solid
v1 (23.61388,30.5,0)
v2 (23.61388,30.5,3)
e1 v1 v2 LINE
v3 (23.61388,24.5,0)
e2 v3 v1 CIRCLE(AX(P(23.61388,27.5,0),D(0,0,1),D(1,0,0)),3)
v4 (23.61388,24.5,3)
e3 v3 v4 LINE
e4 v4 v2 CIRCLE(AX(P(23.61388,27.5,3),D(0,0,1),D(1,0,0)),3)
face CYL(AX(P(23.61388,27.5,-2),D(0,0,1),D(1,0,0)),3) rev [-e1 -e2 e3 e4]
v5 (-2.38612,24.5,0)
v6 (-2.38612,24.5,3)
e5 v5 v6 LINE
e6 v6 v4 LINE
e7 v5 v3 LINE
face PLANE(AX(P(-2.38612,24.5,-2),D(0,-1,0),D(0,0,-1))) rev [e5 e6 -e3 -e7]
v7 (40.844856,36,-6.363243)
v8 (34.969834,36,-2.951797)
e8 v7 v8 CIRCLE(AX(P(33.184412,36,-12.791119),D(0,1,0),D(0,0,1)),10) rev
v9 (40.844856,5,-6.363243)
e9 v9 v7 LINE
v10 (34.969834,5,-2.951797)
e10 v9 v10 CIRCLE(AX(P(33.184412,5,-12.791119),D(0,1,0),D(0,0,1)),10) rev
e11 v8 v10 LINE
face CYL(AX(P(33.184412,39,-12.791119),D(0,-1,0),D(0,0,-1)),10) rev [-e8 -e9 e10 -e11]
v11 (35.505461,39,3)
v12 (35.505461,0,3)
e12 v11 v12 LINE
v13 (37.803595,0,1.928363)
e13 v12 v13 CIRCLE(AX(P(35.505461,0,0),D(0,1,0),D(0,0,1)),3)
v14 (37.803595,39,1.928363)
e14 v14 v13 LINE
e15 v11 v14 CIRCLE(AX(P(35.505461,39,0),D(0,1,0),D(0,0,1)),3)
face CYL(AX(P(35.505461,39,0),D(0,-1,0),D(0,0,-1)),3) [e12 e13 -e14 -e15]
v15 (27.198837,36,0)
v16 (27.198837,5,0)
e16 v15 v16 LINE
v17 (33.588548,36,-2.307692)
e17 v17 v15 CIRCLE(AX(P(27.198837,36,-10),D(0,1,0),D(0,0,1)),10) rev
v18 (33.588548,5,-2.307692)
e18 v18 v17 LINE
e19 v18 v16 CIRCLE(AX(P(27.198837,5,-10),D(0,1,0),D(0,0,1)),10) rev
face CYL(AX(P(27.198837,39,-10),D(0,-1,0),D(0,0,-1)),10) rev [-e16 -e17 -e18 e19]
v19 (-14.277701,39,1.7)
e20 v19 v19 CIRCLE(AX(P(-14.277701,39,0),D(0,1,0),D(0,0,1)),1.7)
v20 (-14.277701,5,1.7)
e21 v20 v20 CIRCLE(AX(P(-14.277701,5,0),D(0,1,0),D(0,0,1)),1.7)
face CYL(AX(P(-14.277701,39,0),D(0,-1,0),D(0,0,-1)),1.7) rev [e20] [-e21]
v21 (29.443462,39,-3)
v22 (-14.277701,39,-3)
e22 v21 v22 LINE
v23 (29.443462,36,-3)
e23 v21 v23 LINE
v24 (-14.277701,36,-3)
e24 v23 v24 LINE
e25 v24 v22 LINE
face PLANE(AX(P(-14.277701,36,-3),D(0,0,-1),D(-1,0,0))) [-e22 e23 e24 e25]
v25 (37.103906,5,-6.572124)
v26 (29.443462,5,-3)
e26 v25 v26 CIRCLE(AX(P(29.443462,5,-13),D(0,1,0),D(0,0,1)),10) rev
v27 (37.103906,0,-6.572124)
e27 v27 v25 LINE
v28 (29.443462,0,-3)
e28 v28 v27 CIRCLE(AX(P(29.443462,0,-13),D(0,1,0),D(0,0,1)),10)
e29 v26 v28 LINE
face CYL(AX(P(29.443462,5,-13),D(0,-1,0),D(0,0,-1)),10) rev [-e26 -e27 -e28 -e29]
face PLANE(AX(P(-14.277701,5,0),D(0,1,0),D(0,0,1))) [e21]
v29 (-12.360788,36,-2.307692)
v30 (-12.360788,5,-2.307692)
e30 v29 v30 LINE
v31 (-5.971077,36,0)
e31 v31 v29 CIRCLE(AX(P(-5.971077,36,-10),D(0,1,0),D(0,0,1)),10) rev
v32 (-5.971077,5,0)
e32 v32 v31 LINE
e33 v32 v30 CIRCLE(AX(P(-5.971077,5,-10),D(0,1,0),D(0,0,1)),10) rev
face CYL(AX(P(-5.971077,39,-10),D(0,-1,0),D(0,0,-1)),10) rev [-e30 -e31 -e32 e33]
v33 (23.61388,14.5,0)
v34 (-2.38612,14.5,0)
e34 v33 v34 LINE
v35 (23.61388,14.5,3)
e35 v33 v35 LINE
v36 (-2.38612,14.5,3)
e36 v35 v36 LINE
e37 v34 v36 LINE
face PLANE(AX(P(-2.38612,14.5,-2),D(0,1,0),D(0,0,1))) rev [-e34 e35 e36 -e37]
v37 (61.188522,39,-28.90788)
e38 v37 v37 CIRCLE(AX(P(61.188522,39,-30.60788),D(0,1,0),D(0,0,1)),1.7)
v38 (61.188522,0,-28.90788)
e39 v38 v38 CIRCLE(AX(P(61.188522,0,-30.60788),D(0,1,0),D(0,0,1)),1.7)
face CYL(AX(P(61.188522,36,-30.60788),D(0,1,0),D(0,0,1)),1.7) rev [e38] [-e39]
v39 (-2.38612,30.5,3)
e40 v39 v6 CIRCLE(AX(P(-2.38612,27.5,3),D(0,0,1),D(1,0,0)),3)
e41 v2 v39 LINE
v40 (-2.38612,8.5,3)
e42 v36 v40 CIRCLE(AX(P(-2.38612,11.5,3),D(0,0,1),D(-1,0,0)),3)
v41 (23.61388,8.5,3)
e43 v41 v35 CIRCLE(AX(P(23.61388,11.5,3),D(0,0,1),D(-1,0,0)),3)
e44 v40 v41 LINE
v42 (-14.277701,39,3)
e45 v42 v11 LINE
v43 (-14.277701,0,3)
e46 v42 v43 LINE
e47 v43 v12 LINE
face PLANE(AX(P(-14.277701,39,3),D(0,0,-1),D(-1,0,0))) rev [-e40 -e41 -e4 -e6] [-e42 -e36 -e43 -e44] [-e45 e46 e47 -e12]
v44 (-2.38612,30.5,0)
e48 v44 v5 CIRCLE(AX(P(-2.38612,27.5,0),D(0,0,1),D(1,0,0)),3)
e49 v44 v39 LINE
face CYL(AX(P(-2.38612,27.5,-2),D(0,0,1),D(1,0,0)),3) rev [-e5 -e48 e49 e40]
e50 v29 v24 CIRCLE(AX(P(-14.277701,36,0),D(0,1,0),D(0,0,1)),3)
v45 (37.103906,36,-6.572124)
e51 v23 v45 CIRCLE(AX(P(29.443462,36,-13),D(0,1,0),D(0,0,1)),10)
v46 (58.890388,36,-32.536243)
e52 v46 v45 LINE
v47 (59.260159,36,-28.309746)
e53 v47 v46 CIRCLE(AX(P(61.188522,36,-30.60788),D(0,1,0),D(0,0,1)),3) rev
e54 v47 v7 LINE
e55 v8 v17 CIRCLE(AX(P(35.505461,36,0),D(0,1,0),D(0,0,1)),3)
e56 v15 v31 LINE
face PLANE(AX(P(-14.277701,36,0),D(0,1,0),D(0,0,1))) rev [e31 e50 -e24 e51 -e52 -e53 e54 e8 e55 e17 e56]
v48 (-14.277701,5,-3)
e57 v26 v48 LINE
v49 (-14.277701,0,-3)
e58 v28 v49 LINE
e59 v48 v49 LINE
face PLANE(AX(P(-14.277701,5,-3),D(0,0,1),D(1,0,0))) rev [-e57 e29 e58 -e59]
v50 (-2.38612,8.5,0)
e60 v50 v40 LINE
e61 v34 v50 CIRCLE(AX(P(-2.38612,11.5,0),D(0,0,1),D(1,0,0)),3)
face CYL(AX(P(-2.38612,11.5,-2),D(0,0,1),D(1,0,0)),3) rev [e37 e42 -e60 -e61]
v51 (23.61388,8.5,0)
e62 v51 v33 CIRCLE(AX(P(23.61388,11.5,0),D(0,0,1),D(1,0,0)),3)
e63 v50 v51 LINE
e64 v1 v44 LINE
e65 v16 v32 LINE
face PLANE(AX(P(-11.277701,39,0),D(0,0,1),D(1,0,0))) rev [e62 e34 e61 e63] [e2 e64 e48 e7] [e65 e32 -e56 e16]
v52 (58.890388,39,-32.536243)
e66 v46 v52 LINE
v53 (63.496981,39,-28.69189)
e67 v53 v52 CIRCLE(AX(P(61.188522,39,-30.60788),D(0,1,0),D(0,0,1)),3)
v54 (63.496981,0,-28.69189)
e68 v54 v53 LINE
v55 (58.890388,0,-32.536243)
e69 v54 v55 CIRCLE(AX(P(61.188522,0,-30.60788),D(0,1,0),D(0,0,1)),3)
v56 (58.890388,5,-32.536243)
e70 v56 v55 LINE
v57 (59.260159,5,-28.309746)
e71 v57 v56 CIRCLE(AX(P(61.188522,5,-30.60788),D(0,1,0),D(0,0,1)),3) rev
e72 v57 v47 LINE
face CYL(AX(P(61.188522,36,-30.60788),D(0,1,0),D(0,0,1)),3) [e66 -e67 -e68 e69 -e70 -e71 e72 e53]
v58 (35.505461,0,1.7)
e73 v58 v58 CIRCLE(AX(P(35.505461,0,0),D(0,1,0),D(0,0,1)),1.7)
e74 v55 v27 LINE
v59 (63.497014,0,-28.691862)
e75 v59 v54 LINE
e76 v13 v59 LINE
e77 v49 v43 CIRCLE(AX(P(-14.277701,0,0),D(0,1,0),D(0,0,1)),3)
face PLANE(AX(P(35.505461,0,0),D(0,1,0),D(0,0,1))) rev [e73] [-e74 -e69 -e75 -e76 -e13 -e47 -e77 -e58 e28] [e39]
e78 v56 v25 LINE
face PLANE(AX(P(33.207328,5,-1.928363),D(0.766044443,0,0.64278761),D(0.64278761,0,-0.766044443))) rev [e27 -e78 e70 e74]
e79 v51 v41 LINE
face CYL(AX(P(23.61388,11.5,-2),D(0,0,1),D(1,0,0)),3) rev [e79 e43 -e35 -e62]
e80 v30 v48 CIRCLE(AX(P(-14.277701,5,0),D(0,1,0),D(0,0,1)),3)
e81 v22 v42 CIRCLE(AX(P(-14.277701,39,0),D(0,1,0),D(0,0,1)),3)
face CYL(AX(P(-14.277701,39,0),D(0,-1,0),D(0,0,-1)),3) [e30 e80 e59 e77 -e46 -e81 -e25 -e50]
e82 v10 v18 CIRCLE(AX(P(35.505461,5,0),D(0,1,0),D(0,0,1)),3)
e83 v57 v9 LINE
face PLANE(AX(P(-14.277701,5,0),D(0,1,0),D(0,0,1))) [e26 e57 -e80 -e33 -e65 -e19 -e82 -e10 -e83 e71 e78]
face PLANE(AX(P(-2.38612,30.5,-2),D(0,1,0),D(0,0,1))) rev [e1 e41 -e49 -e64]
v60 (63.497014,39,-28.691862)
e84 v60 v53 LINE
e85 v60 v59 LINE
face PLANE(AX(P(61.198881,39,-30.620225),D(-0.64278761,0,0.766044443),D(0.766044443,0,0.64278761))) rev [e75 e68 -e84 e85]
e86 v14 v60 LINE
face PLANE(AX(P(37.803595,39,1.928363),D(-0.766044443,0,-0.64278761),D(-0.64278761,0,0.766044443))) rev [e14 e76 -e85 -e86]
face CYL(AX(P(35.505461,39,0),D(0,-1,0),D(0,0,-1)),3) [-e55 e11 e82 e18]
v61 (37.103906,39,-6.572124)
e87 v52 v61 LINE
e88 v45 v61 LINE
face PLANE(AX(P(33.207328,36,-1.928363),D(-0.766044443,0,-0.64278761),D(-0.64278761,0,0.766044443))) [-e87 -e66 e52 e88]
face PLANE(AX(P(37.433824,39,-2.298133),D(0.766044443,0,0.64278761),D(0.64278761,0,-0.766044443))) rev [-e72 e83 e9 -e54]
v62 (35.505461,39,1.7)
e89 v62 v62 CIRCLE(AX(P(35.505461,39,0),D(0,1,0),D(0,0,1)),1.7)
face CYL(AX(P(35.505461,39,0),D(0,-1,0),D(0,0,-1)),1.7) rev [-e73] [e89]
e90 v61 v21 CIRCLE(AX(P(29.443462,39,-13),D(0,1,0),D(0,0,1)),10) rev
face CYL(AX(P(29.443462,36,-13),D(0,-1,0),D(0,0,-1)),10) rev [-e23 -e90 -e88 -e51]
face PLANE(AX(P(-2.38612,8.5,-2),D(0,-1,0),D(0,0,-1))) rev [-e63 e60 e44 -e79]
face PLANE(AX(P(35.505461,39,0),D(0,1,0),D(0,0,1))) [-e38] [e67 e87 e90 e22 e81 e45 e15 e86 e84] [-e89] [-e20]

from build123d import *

# Parameters (mm, degrees)
SKETCH_1_R          = 1.7
EXTRUDE_1_DEPTH     = 39
FILLET_1_R          = 10
SKETCH_3_R          = 1.7
EXTRUDE_2_DEPTH     = 5
EXTRUDE_START       = -3
SKETCH_4_R          = 1.7
EXTRUDE_3_DEPTH     = 3
CUT_EXTRUDE_2_DEPTH = 5
SKETCH_6_R          = 1.7
EXTRUDE_4_DEPTH     = 3
SKETCH_7_R          = 1.7
EXTRUDE_5_DEPTH     = 5
SKETCH_8_R          = 3
SKETCH_8_R_2        = 1.7
EXTRUDE_6_DEPTH     = 39
SKETCH_9_R          = 1.7
CUT_EXTRUDE_3_DEPTH = 100
FILLET_2_R          = 10


with BuildPart() as part:
    # 草图1 → 凸台-拉伸1 (new body)
    with BuildSketch(Plane(origin=(0, 0, 0), x_dir=(1, 0, 0), z_dir=(0, 1, 0))):
        with BuildLine():
            Line((-14.277701198, -3), (35.505461262, -3))
            ThreePointArc((35.505461262, -3), (36.773316047, -2.718923361), (37.803594591, -1.928362829))
            Line((37.803594591, -1.928362829), (63.497014217, 28.691862316))
            Line((63.497014217, 28.691862316), (61.198880888, 30.620225145))
            Line((61.198880888, 30.620225145), (37.433824091, 2.298133329))
            ThreePointArc((37.433824091, 2.298133329), (34.237606477, 2.718923361), (32.505461262, 0))
            Line((32.505461262, 0), (-11.277701198, 0))
            ThreePointArc((-11.277701198, 0), (-16.399021541, 2.121320344), (-14.277701198, -3))
        make_face()
        with Locations(Location((-14.277701198, 0, 0), (0, 0, 270))):
            Circle(SKETCH_1_R, mode=Mode.SUBTRACT)
        with Locations(Location((35.505461262, 0, 0), (0, 0, 270))):
            Circle(SKETCH_1_R, mode=Mode.SUBTRACT)
    extrude(amount=EXTRUDE_1_DEPTH)

    # 圆角1
    fillet_1_edges = [part.edges().sort_by_distance(p)[0] for p in [
        (37.433824091, 19.5, -2.298133329),
        (-11.277701198, 19.5, 0),
        (32.505461262, 19.5, 0),
    ]]
    fillet(fillet_1_edges, radius=FILLET_1_R)

    # 草图3 → 凸台-拉伸2 (add)
    with BuildSketch(Plane(origin=(0, 0, 0), x_dir=(1, 0, 0), z_dir=(0, 1, 0))):
        with BuildLine():
            Line((-14.277701198, 3), (35.505461262, 3))
            ThreePointArc((35.505461262, 3), (38.505461262, 0), (35.505461262, -3))
            Line((35.505461262, -3), (-14.277701198, -3))
            ThreePointArc((-14.277701198, -3), (-17.277701198, 0), (-14.277701198, 3))
        make_face()
        with Locations(Location((35.505461262, 0, 0), (0, 0, 270))):
            Circle(SKETCH_3_R, mode=Mode.SUBTRACT)
    extrude(amount=EXTRUDE_2_DEPTH)

    # 草图4 → 凸台-拉伸3 (add)
    with BuildSketch(Plane(origin=(0, 39, 0), x_dir=(1, 0, 0), z_dir=(0, 1, 0)).offset(EXTRUDE_START)):
        with BuildLine():
            Line((-14.277701198, 3), (35.505461262, 3))
            ThreePointArc((35.505461262, 3), (38.505461262, 0), (35.505461262, -3))
            Line((35.505461262, -3), (-14.277701198, -3))
            ThreePointArc((-14.277701198, -3), (-17.277701198, 0), (-14.277701198, 3))
        make_face()
        with Locations(Location((-14.277701198, 0, 0), (0, 0, 270))):
            Circle(SKETCH_4_R, mode=Mode.SUBTRACT)
        with Locations(Location((35.505461262, 0, 0), (0, 0, 270))):
            Circle(SKETCH_4_R, mode=Mode.SUBTRACT)
    extrude(amount=EXTRUDE_3_DEPTH)

    # 草图5 → 切除-拉伸2 (cut)
    with BuildSketch(Plane.XY.offset(3)):
        with BuildLine():
            Line((-2.386119968, 30.5), (23.613880032, 30.5))
            ThreePointArc((23.613880032, 30.5), (26.613880032, 27.5), (23.613880032, 24.5))
            Line((23.613880032, 24.5), (-2.386119968, 24.5))
            ThreePointArc((-2.386119968, 24.5), (-5.386119968, 27.5), (-2.386119968, 30.5))
        make_face()
        with BuildLine():
            Line((-2.386119968, 8.5), (23.613880032, 8.5))
            ThreePointArc((23.613880032, 8.5), (26.613880032, 11.5), (23.613880032, 14.5))
            Line((23.613880032, 14.5), (-2.386119968, 14.5))
            ThreePointArc((-2.386119968, 14.5), (-5.386119968, 11.5), (-2.386119968, 8.5))
        make_face()
    extrude(amount=-CUT_EXTRUDE_2_DEPTH, mode=Mode.SUBTRACT)

    # 草图6 → 凸台-拉伸4 (add)
    with BuildSketch(Plane(origin=(0, 39, 0), x_dir=(1, 0, 0), z_dir=(0, 1, 0)).offset(EXTRUDE_START)):
        with BuildLine():
            Line((33.207327933, 1.928362829), (58.890388489, 32.536242516))
            ThreePointArc((58.890388489, 32.536242516), (63.116884647, 32.906013016), (63.486655148, 28.679516858))
            Line((63.486655148, 28.679516858), (37.803594591, -1.928362829))
            ThreePointArc((37.803594591, -1.928362829), (33.577098433, -2.298133329), (33.207327933, 1.928362829))
        make_face()
        with Locations(Location((35.505461262, 0, 0), (0, 0, 270))):
            Circle(SKETCH_6_R, mode=Mode.SUBTRACT)
        with Locations((61.188521818, 30.607879687)):
            Circle(SKETCH_6_R, mode=Mode.SUBTRACT)
    extrude(amount=EXTRUDE_4_DEPTH)

    # 草图7 → 凸台-拉伸5 (add)
    with BuildSketch(Plane(origin=(0, 0, 0), x_dir=(1, 0, 0), z_dir=(0, 1, 0))):
        with BuildLine():
            Line((33.207327933, 1.928362829), (58.890388489, 32.536242516))
            ThreePointArc((58.890388489, 32.536242516), (63.116884647, 32.906013016), (63.486655148, 28.679516858))
            Line((63.486655148, 28.679516858), (37.803594591, -1.928362829))
            ThreePointArc((37.803594591, -1.928362829), (33.577098433, -2.298133329), (33.207327933, 1.928362829))
        make_face()
        with Locations(Location((35.505461262, 0, 0), (0, 0, 270))):
            Circle(SKETCH_7_R, mode=Mode.SUBTRACT)
        with Locations((61.188521818, 30.607879687)):
            Circle(SKETCH_7_R, mode=Mode.SUBTRACT)
    extrude(amount=EXTRUDE_5_DEPTH)

    # 草图8 → 凸台-拉伸6 (add)
    with BuildSketch(Plane(origin=(0, 0, 0), x_dir=(1, 0, 0), z_dir=(0, 1, 0))):
        with Locations((61.188521818, 30.607879687)):
            Circle(SKETCH_8_R)
        with Locations((61.188521818, 30.607879687)):
            Circle(SKETCH_8_R_2, mode=Mode.SUBTRACT)
    extrude(amount=EXTRUDE_6_DEPTH)

    # 草图9 → 切除-拉伸3 (cut)
    with BuildSketch(Plane(origin=(0, 0, 0), x_dir=(1, 0, 0), z_dir=(0, 1, 0))):
        with Locations(Location((61.188521818, 30.607879687, 0), (0, 0, 270))):
            Circle(SKETCH_9_R)
    extrude(amount=CUT_EXTRUDE_3_DEPTH, mode=Mode.SUBTRACT)

    # 圆角2
    fillet_2_edges = [part.edges().sort_by_distance(p)[0] for p in [
        (34.106538287, 37.5, -3),
        (34.106538287, 2.5, -3),
    ]]
    fillet(fillet_2_edges, radius=FILLET_2_R)


solid = part.part
